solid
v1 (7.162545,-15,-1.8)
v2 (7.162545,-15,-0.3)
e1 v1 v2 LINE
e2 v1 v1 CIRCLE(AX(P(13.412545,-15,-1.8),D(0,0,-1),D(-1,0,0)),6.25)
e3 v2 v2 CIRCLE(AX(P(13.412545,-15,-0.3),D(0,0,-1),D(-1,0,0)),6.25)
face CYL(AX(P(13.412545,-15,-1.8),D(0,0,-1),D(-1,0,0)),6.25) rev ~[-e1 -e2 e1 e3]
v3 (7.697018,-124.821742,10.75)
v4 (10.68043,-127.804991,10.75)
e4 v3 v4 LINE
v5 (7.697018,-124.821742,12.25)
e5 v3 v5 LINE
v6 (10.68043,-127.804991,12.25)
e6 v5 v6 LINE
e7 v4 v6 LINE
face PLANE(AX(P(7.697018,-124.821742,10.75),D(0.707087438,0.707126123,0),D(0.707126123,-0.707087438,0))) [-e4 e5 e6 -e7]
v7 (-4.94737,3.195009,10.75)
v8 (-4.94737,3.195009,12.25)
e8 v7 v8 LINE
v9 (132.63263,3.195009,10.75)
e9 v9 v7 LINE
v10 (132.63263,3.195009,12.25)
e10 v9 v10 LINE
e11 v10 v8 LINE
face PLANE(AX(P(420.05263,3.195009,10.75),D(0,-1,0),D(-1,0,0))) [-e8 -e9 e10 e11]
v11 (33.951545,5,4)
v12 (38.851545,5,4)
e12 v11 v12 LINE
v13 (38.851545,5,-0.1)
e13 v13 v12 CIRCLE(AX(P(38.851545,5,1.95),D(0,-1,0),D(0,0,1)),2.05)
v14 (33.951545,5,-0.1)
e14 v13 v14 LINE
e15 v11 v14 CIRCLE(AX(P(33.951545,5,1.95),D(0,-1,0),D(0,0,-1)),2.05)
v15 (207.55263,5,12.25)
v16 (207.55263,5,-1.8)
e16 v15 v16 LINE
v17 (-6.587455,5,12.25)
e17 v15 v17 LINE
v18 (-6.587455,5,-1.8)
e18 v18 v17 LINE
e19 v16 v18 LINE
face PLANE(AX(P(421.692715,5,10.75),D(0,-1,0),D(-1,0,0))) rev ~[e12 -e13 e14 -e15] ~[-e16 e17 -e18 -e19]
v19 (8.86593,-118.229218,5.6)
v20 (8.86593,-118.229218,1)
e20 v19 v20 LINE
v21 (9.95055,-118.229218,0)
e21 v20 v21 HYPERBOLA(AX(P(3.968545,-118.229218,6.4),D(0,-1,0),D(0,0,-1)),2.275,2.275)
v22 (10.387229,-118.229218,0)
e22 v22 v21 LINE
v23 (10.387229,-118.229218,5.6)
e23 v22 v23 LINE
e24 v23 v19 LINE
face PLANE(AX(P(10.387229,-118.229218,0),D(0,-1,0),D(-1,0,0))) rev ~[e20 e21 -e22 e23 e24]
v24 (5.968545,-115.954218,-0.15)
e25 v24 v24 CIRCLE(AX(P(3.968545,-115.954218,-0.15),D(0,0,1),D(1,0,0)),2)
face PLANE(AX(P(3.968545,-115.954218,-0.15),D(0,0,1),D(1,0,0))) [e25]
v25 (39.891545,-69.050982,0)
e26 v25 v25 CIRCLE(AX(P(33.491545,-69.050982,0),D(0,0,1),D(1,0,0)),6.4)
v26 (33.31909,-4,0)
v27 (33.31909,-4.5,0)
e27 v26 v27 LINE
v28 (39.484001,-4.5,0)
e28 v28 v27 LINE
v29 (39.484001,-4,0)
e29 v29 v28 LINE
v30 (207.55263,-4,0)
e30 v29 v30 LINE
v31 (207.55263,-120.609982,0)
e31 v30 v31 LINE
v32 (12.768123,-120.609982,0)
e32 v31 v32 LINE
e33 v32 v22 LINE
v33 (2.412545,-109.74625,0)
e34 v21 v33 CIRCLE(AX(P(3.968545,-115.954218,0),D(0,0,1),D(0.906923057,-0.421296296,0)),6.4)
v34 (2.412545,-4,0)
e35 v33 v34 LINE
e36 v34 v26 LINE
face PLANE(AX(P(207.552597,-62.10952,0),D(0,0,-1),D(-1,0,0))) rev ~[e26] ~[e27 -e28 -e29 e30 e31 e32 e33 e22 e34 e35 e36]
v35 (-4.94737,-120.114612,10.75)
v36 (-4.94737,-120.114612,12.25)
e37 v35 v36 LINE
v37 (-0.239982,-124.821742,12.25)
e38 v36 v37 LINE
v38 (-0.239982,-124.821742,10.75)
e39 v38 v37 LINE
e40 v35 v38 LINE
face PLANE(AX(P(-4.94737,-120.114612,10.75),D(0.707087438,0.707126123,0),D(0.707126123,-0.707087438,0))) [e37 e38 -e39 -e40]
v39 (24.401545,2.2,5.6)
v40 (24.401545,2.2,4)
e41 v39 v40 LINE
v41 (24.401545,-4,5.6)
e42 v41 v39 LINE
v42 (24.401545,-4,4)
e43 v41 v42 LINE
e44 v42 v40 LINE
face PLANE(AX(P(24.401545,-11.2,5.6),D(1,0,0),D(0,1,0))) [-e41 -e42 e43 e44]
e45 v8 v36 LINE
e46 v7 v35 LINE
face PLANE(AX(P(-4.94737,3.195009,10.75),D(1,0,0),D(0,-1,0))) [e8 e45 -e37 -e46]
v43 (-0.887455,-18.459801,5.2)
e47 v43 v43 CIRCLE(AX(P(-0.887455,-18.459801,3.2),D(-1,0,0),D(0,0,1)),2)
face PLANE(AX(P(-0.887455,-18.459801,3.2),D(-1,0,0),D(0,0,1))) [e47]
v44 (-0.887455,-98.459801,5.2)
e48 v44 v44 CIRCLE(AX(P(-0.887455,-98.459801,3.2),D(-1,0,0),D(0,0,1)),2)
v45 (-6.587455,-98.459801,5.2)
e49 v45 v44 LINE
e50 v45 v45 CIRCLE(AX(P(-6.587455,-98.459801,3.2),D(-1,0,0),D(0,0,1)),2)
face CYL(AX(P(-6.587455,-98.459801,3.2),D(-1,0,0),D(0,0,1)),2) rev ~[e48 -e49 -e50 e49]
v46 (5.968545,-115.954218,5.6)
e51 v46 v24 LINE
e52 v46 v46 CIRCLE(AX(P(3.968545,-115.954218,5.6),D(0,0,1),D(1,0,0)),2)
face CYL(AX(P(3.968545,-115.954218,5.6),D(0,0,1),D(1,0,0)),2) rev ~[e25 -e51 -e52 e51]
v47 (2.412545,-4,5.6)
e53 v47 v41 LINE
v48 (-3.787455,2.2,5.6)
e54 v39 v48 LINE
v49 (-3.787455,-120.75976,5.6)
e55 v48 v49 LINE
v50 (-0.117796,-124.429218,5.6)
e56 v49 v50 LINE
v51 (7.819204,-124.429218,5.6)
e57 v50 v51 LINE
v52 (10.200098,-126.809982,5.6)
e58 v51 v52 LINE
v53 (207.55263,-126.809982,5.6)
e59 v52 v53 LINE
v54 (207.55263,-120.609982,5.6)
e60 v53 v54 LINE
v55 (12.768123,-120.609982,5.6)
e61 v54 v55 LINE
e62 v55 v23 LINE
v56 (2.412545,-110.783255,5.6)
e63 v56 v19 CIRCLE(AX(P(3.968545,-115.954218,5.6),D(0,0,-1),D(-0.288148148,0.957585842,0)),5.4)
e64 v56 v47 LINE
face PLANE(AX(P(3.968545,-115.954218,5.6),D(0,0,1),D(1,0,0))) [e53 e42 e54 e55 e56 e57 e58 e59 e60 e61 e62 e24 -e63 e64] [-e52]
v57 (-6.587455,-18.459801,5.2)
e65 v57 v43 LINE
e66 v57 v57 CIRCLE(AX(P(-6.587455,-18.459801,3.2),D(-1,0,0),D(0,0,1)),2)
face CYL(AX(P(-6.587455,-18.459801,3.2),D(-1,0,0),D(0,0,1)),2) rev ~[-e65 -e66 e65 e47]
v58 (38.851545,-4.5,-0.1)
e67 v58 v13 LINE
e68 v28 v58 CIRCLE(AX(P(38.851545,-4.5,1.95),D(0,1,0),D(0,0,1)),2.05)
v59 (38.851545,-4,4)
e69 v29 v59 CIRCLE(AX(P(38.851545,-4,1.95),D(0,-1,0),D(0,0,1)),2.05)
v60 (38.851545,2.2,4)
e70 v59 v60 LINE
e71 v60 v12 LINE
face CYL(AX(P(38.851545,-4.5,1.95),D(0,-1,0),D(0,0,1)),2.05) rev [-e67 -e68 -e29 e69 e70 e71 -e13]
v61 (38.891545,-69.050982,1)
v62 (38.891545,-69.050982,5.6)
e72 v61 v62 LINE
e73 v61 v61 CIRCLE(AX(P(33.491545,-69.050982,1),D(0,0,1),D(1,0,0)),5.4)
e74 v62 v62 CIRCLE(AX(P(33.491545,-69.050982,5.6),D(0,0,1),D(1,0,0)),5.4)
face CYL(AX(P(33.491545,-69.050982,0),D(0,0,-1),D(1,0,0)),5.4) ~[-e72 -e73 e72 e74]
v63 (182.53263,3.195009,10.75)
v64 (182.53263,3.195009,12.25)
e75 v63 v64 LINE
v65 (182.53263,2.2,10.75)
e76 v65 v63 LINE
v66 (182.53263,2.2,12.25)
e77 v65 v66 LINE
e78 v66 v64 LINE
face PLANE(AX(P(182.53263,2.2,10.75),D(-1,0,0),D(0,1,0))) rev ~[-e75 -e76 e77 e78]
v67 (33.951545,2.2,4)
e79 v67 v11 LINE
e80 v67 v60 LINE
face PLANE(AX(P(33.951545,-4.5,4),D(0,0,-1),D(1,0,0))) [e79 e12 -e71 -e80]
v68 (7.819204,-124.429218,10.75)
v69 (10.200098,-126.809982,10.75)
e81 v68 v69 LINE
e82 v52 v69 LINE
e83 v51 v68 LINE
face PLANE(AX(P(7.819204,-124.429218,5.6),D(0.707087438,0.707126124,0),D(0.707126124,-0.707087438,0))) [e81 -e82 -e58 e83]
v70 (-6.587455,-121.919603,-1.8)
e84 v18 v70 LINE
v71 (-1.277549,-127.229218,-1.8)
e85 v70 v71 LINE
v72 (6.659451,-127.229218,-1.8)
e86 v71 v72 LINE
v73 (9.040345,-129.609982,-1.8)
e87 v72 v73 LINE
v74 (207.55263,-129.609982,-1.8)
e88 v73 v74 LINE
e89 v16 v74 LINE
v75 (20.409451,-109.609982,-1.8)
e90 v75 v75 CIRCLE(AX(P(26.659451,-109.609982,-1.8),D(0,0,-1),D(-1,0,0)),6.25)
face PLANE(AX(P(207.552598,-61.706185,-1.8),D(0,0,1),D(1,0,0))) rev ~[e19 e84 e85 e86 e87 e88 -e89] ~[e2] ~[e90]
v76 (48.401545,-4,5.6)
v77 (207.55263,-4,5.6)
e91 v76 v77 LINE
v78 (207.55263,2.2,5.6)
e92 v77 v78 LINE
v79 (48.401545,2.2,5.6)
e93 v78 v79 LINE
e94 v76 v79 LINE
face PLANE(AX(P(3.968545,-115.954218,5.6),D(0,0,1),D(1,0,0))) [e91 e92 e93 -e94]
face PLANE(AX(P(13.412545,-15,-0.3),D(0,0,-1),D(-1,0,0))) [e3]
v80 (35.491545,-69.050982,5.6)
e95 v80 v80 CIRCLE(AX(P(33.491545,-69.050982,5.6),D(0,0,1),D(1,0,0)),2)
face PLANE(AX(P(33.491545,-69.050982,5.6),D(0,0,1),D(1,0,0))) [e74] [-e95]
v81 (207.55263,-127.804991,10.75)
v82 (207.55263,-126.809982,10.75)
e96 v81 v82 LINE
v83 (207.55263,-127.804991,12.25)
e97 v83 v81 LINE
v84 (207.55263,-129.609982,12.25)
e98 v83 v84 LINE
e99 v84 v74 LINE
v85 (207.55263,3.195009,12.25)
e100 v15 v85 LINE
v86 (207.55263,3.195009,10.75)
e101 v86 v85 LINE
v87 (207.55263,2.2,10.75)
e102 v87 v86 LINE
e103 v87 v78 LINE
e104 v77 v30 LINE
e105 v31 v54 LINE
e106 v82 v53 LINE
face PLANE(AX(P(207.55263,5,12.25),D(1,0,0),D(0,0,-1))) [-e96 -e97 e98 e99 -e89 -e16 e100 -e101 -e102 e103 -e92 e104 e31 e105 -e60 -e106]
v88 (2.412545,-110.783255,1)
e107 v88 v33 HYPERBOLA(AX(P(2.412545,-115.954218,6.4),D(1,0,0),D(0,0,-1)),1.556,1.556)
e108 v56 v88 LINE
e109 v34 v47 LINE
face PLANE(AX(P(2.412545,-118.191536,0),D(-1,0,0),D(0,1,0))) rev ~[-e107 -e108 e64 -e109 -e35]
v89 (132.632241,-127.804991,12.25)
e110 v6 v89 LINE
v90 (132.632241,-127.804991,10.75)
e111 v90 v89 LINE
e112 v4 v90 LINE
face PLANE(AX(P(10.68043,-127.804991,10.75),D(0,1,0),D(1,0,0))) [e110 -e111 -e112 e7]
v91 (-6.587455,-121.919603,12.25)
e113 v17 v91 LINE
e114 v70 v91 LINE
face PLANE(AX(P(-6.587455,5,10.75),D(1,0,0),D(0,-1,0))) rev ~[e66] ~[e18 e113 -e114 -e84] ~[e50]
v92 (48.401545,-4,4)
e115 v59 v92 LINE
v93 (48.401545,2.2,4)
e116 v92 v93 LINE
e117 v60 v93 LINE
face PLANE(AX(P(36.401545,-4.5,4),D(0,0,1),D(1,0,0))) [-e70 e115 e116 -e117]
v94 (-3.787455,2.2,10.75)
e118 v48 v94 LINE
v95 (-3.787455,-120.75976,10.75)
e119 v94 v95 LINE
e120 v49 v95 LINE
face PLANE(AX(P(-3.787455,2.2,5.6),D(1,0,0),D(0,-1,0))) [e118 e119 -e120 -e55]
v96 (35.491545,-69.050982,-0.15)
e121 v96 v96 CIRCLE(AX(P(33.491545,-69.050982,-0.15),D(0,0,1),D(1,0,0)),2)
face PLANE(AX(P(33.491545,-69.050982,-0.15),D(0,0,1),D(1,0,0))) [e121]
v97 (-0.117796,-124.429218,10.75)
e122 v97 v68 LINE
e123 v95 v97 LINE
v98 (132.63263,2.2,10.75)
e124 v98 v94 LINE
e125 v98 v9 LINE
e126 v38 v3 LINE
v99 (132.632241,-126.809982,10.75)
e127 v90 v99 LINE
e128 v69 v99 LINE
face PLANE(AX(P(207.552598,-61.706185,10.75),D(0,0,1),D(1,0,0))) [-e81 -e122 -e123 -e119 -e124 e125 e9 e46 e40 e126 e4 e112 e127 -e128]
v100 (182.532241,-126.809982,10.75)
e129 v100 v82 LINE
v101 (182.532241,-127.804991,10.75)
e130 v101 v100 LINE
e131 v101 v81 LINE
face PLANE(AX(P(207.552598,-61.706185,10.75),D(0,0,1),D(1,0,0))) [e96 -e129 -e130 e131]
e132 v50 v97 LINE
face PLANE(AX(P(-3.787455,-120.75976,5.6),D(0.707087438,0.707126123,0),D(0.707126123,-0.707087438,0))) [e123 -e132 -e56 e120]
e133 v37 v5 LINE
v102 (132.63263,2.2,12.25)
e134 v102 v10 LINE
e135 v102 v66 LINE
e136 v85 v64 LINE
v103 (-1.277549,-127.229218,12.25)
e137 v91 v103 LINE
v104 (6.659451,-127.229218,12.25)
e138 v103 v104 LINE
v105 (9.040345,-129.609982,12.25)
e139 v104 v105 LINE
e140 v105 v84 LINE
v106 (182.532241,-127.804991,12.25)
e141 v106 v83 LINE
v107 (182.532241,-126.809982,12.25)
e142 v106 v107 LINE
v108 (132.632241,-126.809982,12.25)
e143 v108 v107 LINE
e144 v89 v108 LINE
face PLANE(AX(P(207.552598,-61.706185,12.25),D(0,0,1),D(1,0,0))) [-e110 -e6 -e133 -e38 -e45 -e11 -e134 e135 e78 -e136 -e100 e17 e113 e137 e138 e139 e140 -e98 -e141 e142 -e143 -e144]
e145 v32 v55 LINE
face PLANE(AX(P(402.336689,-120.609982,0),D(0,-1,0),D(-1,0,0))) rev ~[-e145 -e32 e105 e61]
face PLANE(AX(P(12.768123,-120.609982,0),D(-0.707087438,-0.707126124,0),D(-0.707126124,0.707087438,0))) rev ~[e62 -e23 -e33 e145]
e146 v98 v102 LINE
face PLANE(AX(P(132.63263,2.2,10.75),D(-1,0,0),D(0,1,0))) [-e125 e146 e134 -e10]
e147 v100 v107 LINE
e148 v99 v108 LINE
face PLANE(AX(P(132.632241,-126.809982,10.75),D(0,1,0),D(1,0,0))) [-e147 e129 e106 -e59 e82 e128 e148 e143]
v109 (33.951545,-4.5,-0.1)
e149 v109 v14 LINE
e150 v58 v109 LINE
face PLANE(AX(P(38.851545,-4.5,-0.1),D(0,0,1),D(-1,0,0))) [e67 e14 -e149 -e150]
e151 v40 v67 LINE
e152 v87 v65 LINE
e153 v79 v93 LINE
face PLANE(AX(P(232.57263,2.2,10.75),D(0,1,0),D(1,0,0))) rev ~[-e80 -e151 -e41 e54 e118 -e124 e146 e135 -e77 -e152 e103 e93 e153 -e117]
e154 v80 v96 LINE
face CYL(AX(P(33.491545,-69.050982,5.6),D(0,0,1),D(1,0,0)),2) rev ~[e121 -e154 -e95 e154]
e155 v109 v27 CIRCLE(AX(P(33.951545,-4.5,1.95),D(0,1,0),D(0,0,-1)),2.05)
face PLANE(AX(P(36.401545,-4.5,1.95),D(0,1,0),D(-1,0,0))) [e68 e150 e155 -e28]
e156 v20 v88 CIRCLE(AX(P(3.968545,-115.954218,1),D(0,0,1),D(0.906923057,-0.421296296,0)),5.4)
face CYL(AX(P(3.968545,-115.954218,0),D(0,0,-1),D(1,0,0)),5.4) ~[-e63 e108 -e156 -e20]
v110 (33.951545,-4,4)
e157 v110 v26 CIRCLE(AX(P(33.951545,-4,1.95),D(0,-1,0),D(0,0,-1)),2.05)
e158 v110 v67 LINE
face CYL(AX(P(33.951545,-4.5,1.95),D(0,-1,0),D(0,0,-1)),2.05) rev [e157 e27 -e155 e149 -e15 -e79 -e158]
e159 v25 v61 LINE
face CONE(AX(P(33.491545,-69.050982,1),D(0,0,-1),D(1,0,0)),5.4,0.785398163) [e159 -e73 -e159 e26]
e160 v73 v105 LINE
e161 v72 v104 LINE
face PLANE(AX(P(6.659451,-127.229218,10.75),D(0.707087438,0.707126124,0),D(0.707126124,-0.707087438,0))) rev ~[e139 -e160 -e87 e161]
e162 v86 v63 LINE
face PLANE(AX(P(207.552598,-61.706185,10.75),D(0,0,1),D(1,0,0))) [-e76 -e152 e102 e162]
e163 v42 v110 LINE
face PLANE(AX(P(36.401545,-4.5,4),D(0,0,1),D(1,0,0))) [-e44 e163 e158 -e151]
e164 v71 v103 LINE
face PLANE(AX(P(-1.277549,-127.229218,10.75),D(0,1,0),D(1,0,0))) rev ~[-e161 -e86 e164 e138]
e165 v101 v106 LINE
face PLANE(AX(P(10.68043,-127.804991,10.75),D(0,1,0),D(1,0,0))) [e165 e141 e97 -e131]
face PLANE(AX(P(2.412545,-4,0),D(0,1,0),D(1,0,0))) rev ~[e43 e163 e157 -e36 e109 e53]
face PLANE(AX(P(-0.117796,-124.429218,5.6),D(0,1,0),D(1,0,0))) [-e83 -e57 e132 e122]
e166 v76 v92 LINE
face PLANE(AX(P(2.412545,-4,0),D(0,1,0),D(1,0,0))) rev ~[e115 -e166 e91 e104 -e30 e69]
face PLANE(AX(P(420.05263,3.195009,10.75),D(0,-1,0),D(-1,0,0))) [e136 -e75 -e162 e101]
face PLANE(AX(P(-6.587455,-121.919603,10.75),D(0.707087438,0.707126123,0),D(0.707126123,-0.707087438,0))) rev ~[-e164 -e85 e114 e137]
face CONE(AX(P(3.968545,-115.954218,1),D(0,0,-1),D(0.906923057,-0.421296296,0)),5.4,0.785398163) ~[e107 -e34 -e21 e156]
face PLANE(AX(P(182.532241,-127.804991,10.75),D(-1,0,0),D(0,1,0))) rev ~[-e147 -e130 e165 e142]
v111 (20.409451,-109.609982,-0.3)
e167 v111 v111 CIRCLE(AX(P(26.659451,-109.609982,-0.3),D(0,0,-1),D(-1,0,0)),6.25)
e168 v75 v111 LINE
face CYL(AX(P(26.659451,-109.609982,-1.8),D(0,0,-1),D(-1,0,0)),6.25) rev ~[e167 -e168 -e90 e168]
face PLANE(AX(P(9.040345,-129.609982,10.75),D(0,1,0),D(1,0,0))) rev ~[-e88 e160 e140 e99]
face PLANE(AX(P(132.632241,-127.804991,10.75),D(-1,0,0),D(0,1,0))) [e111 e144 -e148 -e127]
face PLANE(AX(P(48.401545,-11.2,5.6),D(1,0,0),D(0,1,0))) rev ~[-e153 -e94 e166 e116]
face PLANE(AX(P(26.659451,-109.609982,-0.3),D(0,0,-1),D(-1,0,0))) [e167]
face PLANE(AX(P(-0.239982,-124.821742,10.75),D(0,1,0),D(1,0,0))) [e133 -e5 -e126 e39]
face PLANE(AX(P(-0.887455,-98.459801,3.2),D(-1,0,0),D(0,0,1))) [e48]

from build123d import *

# Parameters (mm, degrees)
P_IDAT_VYSUNUT_M1_DEPTH  = 5.6
SKO_EPINA1_T             = 1.8
P_IDAT_VYSUNUT_M3_DEPTH  = 5.15
P_IDAT_VYSUNUT_M4_DEPTH  = 7.4
P_IDAT_VYSUNUT_M5_DEPTH  = 1.5
SKICA14_W                = 49.9
SKICA14_H                = 0.995009232
P_IDAT_VYSUNUT_M6_DEPTH  = 1.5
SKICA15_R                = 5.4
SKICA15_W                = 3
SKICA15_H                = 9
P_IDAT_VYSUNUT_M7_DEPTH  = 5.6
SKICA16_R                = 2
ODEBRAT_VYSUNUT_M1_DEPTH = 5.75
ZKOSEN_1_SIZE            = 1
SKICA17_W                = 24
SKICA17_H                = 13.4
ODEBRAT_VYSUNUT_M2_DEPTH = 1.6
ODEBRAT_VYSUNUT_M3_REACH = 442.031
SKICA23_R                = 2
ODEBRAT_VYSUNUT_M4_DEPTH = 5.7
SKICA24_R                = 2
ODEBRAT_VYSUNUT_M5_DEPTH = 5.7
SKICA25_R                = 6.25
ODEBRAT_VYSUNUT_M6_DEPTH = 1.5
SKICA26_W                = 214.140084969
SKICA26_H                = 14.05
ODEBRAT_VYSUNUT_M7_DEPTH = 443.82576223


with BuildPart() as part:
    # Skica3 → Přidat vysunutím1 (new body)
    with BuildSketch(Plane.XY):
        Polygon((2.412545276, -4), (412.692715215, -4), (412.692715215, -118.191389918), (412.654731358, -118.229366948), (404.717731358, -118.229366948), (402.336688893, -120.609981536), (12.768122748, -120.609981536), (10.387229089, -118.22921813), (2.450229089, -118.22921813), (2.412545276, -118.191536378), align=None)
    extrude(amount=P_IDAT_VYSUNUT_M1_DEPTH)

    # Skořepina1
    sko_epina1_openings = [part.faces().sort_by_distance(p)[0] for p in [
        (207.552632266, -62.25279763, 5.6),
    ]]
    offset(amount=SKO_EPINA1_T, openings=sko_epina1_openings, kind=Kind.INTERSECTION)



with BuildPart() as body_2:
    # Skica7 → Přidat vysunutím3 (new body)
    with BuildSketch(Plane.XY.offset(5.6)):
        Polygon((-6.587454724, 5), (-6.587454724, -121.919602656), (-1.277548758, -127.22921813), (6.659451242, -127.22921813), (9.040344901, -129.609981536), (406.06413722, -129.609981536), (408.445179685, -127.229366948), (416.382179685, -127.229366948), (421.692715215, -121.919785731), (421.692715215, 5), align=None)
        Polygon((-3.787454724, 2.2), (-3.787454724, -120.759759814), (-0.11779565, -124.42921813), (7.81920435, -124.42921813), (10.200098009, -126.809981536), (404.904486629, -126.809981536), (407.285529094, -124.429366948), (415.222529094, -124.429366948), (418.892715215, -120.759840367), (418.892715215, 2.2), align=None, mode=Mode.SUBTRACT)
    extrude(amount=P_IDAT_VYSUNUT_M3_DEPTH)


with BuildPart() as part_1:
    add(part.part)

    add(body_2.part)  # Přidat vysunutím4 merges body 2
    # Skica8 → Přidat vysunutím4 (add)
    with BuildSketch(Plane(origin=(0, 0, 5.6), x_dir=(-1, 0, 0), z_dir=(0, 0, -1))):
        Polygon((-421.692715215, 5), (6.587454724, 5), (6.587454724, -121.919602656), (1.277548758, -127.22921813), (-6.659451242, -127.22921813), (-9.040344901, -129.609981536), (-406.06413722, -129.609981536), (-408.445179685, -127.229366948), (-416.382179685, -127.229366948), (-421.692715215, -121.919785731), align=None)
        Polygon((-0.612545276, -2.2), (-0.612545276, -118.937149634), (-1.70467352, -120.02921813), (-9.64167352, -120.02921813), (-12.022567179, -122.409981536), (-403.082178558, -122.409981536), (-405.463221024, -120.029366948), (-413.400221024, -120.029366948), (-414.492715215, -118.93706908), (-414.492715215, -2.2), align=None, mode=Mode.SUBTRACT)
    extrude(amount=P_IDAT_VYSUNUT_M4_DEPTH)

    # Skica11 → Přidat vysunutím5 (add)
    with BuildSketch(Plane.XY.offset(10.75)):
        Polygon((421.692715215, 5), (-6.587454724, 5), (-6.587454724, -121.919602656), (-1.277548758, -127.22921813), (6.659451242, -127.22921813), (9.040344901, -129.609981536), (406.06413722, -129.609981536), (408.445179685, -127.229366948), (416.382179685, -127.229366948), (421.692715215, -121.919785731), align=None)
        Polygon((420.052630246, 3.195009232), (-4.947369754, 3.195009232), (-4.947369754, -120.114611888), (-0.239981646, -124.821742467), (7.697018354, -124.821742467), (10.68042987, -127.804990768), (404.42405225, -127.804990768), (406.805094715, -125.424376181), (414.742094715, -125.424376181), (420.052630246, -120.114794964), align=None, mode=Mode.SUBTRACT)
    extrude(amount=P_IDAT_VYSUNUT_M5_DEPTH)

    # Skica14 → Přidat vysunutím6 (add)
    with BuildSketch(Plane.XY.offset(10.75)):
        with Locations((157.582630246, 2.697504616)):
            Rectangle(SKICA14_W, SKICA14_H)
        with Locations((257.522630246, 2.697504616)):
            Rectangle(SKICA14_W, SKICA14_H)
        with Locations((257.52224106, -127.307486152)):
            Rectangle(SKICA14_W, SKICA14_H)
        with Locations((157.58224106, -127.307486152)):
            Rectangle(SKICA14_W, SKICA14_H)
    extrude(amount=P_IDAT_VYSUNUT_M6_DEPTH)

    # Skica15 → Přidat vysunutím7 (add)
    with BuildSketch(Plane.XY):
        with Locations((3.968545276, -115.95421813)):
            Circle(SKICA15_R)
        with Locations((33.491545276, -69.050981536)):
            Circle(SKICA15_R)
        with Locations((411.197715215, -115.879366948)):
            Circle(SKICA15_R)
        with Locations((334.147715215, -53.972)):
            Circle(SKICA15_R)
        with Locations((36.401545276, 0)):
            Rectangle(SKICA15_W, SKICA15_H)
    extrude(amount=P_IDAT_VYSUNUT_M7_DEPTH)

    # Skica16 → Odebrat vysunutím1 (cut)
    with BuildSketch(Plane.XY.offset(5.6)):
        with Locations((3.968545276, -115.95421813)):
            Circle(SKICA16_R)
        with Locations((33.491545276, -69.050981536)):
            Circle(SKICA16_R)
        with Locations((334.147715215, -53.972)):
            Circle(SKICA16_R)
        with Locations((411.197715215, -115.879366948)):
            Circle(SKICA16_R)
    extrude(amount=-ODEBRAT_VYSUNUT_M1_DEPTH, mode=Mode.SUBTRACT)

    # Zkosení1
    zkosen_1_edges = [part_1.edges().sort_by_distance(p)[0] for p in [
        (8.049207709, -112.417525591, 0),
        (28.091545276, -69.050981536, 0),
        (407.069426922, -112.398384936, 0),
        (328.747715215, -53.972, 0),
    ]]
    chamfer(zkosen_1_edges, length=ZKOSEN_1_SIZE)

    # Skica17 → Odebrat vysunutím2 (cut)
    with BuildSketch(Plane.XY.offset(5.6)):
        with Locations((36.401545276, -4.5)):
            Rectangle(SKICA17_W, SKICA17_H)
    extrude(amount=-ODEBRAT_VYSUNUT_M2_DEPTH, mode=Mode.SUBTRACT)

    # Odebrat vysunutím3: up to this face of the body (flat: up to its plane)
    odebrat_vysunut_m3_end = Plane(part_1.part.faces().sort_by_distance((207.552630246, 5, 5.225))[0])
    # Skica18 → Odebrat vysunutím3 (cut, up to the picked face)
    with BuildSketch(Plane.XZ.offset(4.5), mode=Mode.PRIVATE) as odebrat_vysunut_m3_sk1:
        with BuildLine():
            Line((33.951545276, 4), (38.851545276, 4))
            ThreePointArc((38.851545276, 4), (40.901545276, 1.95), (38.851545276, -0.1))
            Line((38.851545276, -0.1), (33.951545276, -0.1))
            ThreePointArc((33.951545276, -0.1), (31.901545276, 1.95), (33.951545276, 4))
        make_face()
    odebrat_vysunut_m3_tool1 = split(extrude(odebrat_vysunut_m3_sk1.sketch, amount=-ODEBRAT_VYSUNUT_M3_REACH, mode=Mode.PRIVATE), bisect_by=odebrat_vysunut_m3_end, keep=Keep.BOTH, mode=Mode.PRIVATE)
    add(odebrat_vysunut_m3_tool1.solids().sort_by(Axis((36.401545, -4.5, 1.95), (0, 1, 0)))[0], mode=Mode.SUBTRACT)

    # Skica23 → Odebrat vysunutím4 (cut)
    with BuildSketch(Plane.ZY.offset(6.587454724)):
        with Locations((3.2, -18.459801328)):
            Circle(SKICA23_R)
        with Locations((3.2, -98.459801328)):
            Circle(SKICA23_R)
    extrude(amount=-ODEBRAT_VYSUNUT_M4_DEPTH, mode=Mode.SUBTRACT)

    # Skica24 → Odebrat vysunutím5 (cut)
    with BuildSketch(Plane(origin=(421.692715215, 0, 0), x_dir=(0, 0, -1), z_dir=(1, 0, 0))):
        with Locations((-3.2, -18.459892866)):
            Circle(SKICA24_R)
        with Locations((-3.2, -98.459892866)):
            Circle(SKICA24_R)
    extrude(amount=-ODEBRAT_VYSUNUT_M5_DEPTH, mode=Mode.SUBTRACT)

    # Skica25 → Odebrat vysunutím6 (cut)
    with BuildSketch(Plane(origin=(0, 0, -1.8), x_dir=(-1, 0, 0), z_dir=(0, 0, -1))):
        with Locations((-401.692715215, -15)):
            Circle(SKICA25_R)
        with Locations((-13.412545276, -15)):
            Circle(SKICA25_R)
        with Locations((-388.445179685, -109.609981536)):
            Circle(SKICA25_R)
        with Locations((-26.659451242, -109.609981536)):
            Circle(SKICA25_R)
    extrude(amount=-ODEBRAT_VYSUNUT_M6_DEPTH, mode=Mode.SUBTRACT)

    # Skica26 → Odebrat vysunutím7 (cut, through all)
    with BuildSketch(Plane(origin=(0, 5, 0), x_dir=(1, 0, 0), z_dir=(0, 1, 0))):
        with Locations((314.622672731, -5.225)):
            Rectangle(SKICA26_W, SKICA26_H)
    extrude(amount=-ODEBRAT_VYSUNUT_M7_DEPTH, mode=Mode.SUBTRACT)


solid = part_1.part
